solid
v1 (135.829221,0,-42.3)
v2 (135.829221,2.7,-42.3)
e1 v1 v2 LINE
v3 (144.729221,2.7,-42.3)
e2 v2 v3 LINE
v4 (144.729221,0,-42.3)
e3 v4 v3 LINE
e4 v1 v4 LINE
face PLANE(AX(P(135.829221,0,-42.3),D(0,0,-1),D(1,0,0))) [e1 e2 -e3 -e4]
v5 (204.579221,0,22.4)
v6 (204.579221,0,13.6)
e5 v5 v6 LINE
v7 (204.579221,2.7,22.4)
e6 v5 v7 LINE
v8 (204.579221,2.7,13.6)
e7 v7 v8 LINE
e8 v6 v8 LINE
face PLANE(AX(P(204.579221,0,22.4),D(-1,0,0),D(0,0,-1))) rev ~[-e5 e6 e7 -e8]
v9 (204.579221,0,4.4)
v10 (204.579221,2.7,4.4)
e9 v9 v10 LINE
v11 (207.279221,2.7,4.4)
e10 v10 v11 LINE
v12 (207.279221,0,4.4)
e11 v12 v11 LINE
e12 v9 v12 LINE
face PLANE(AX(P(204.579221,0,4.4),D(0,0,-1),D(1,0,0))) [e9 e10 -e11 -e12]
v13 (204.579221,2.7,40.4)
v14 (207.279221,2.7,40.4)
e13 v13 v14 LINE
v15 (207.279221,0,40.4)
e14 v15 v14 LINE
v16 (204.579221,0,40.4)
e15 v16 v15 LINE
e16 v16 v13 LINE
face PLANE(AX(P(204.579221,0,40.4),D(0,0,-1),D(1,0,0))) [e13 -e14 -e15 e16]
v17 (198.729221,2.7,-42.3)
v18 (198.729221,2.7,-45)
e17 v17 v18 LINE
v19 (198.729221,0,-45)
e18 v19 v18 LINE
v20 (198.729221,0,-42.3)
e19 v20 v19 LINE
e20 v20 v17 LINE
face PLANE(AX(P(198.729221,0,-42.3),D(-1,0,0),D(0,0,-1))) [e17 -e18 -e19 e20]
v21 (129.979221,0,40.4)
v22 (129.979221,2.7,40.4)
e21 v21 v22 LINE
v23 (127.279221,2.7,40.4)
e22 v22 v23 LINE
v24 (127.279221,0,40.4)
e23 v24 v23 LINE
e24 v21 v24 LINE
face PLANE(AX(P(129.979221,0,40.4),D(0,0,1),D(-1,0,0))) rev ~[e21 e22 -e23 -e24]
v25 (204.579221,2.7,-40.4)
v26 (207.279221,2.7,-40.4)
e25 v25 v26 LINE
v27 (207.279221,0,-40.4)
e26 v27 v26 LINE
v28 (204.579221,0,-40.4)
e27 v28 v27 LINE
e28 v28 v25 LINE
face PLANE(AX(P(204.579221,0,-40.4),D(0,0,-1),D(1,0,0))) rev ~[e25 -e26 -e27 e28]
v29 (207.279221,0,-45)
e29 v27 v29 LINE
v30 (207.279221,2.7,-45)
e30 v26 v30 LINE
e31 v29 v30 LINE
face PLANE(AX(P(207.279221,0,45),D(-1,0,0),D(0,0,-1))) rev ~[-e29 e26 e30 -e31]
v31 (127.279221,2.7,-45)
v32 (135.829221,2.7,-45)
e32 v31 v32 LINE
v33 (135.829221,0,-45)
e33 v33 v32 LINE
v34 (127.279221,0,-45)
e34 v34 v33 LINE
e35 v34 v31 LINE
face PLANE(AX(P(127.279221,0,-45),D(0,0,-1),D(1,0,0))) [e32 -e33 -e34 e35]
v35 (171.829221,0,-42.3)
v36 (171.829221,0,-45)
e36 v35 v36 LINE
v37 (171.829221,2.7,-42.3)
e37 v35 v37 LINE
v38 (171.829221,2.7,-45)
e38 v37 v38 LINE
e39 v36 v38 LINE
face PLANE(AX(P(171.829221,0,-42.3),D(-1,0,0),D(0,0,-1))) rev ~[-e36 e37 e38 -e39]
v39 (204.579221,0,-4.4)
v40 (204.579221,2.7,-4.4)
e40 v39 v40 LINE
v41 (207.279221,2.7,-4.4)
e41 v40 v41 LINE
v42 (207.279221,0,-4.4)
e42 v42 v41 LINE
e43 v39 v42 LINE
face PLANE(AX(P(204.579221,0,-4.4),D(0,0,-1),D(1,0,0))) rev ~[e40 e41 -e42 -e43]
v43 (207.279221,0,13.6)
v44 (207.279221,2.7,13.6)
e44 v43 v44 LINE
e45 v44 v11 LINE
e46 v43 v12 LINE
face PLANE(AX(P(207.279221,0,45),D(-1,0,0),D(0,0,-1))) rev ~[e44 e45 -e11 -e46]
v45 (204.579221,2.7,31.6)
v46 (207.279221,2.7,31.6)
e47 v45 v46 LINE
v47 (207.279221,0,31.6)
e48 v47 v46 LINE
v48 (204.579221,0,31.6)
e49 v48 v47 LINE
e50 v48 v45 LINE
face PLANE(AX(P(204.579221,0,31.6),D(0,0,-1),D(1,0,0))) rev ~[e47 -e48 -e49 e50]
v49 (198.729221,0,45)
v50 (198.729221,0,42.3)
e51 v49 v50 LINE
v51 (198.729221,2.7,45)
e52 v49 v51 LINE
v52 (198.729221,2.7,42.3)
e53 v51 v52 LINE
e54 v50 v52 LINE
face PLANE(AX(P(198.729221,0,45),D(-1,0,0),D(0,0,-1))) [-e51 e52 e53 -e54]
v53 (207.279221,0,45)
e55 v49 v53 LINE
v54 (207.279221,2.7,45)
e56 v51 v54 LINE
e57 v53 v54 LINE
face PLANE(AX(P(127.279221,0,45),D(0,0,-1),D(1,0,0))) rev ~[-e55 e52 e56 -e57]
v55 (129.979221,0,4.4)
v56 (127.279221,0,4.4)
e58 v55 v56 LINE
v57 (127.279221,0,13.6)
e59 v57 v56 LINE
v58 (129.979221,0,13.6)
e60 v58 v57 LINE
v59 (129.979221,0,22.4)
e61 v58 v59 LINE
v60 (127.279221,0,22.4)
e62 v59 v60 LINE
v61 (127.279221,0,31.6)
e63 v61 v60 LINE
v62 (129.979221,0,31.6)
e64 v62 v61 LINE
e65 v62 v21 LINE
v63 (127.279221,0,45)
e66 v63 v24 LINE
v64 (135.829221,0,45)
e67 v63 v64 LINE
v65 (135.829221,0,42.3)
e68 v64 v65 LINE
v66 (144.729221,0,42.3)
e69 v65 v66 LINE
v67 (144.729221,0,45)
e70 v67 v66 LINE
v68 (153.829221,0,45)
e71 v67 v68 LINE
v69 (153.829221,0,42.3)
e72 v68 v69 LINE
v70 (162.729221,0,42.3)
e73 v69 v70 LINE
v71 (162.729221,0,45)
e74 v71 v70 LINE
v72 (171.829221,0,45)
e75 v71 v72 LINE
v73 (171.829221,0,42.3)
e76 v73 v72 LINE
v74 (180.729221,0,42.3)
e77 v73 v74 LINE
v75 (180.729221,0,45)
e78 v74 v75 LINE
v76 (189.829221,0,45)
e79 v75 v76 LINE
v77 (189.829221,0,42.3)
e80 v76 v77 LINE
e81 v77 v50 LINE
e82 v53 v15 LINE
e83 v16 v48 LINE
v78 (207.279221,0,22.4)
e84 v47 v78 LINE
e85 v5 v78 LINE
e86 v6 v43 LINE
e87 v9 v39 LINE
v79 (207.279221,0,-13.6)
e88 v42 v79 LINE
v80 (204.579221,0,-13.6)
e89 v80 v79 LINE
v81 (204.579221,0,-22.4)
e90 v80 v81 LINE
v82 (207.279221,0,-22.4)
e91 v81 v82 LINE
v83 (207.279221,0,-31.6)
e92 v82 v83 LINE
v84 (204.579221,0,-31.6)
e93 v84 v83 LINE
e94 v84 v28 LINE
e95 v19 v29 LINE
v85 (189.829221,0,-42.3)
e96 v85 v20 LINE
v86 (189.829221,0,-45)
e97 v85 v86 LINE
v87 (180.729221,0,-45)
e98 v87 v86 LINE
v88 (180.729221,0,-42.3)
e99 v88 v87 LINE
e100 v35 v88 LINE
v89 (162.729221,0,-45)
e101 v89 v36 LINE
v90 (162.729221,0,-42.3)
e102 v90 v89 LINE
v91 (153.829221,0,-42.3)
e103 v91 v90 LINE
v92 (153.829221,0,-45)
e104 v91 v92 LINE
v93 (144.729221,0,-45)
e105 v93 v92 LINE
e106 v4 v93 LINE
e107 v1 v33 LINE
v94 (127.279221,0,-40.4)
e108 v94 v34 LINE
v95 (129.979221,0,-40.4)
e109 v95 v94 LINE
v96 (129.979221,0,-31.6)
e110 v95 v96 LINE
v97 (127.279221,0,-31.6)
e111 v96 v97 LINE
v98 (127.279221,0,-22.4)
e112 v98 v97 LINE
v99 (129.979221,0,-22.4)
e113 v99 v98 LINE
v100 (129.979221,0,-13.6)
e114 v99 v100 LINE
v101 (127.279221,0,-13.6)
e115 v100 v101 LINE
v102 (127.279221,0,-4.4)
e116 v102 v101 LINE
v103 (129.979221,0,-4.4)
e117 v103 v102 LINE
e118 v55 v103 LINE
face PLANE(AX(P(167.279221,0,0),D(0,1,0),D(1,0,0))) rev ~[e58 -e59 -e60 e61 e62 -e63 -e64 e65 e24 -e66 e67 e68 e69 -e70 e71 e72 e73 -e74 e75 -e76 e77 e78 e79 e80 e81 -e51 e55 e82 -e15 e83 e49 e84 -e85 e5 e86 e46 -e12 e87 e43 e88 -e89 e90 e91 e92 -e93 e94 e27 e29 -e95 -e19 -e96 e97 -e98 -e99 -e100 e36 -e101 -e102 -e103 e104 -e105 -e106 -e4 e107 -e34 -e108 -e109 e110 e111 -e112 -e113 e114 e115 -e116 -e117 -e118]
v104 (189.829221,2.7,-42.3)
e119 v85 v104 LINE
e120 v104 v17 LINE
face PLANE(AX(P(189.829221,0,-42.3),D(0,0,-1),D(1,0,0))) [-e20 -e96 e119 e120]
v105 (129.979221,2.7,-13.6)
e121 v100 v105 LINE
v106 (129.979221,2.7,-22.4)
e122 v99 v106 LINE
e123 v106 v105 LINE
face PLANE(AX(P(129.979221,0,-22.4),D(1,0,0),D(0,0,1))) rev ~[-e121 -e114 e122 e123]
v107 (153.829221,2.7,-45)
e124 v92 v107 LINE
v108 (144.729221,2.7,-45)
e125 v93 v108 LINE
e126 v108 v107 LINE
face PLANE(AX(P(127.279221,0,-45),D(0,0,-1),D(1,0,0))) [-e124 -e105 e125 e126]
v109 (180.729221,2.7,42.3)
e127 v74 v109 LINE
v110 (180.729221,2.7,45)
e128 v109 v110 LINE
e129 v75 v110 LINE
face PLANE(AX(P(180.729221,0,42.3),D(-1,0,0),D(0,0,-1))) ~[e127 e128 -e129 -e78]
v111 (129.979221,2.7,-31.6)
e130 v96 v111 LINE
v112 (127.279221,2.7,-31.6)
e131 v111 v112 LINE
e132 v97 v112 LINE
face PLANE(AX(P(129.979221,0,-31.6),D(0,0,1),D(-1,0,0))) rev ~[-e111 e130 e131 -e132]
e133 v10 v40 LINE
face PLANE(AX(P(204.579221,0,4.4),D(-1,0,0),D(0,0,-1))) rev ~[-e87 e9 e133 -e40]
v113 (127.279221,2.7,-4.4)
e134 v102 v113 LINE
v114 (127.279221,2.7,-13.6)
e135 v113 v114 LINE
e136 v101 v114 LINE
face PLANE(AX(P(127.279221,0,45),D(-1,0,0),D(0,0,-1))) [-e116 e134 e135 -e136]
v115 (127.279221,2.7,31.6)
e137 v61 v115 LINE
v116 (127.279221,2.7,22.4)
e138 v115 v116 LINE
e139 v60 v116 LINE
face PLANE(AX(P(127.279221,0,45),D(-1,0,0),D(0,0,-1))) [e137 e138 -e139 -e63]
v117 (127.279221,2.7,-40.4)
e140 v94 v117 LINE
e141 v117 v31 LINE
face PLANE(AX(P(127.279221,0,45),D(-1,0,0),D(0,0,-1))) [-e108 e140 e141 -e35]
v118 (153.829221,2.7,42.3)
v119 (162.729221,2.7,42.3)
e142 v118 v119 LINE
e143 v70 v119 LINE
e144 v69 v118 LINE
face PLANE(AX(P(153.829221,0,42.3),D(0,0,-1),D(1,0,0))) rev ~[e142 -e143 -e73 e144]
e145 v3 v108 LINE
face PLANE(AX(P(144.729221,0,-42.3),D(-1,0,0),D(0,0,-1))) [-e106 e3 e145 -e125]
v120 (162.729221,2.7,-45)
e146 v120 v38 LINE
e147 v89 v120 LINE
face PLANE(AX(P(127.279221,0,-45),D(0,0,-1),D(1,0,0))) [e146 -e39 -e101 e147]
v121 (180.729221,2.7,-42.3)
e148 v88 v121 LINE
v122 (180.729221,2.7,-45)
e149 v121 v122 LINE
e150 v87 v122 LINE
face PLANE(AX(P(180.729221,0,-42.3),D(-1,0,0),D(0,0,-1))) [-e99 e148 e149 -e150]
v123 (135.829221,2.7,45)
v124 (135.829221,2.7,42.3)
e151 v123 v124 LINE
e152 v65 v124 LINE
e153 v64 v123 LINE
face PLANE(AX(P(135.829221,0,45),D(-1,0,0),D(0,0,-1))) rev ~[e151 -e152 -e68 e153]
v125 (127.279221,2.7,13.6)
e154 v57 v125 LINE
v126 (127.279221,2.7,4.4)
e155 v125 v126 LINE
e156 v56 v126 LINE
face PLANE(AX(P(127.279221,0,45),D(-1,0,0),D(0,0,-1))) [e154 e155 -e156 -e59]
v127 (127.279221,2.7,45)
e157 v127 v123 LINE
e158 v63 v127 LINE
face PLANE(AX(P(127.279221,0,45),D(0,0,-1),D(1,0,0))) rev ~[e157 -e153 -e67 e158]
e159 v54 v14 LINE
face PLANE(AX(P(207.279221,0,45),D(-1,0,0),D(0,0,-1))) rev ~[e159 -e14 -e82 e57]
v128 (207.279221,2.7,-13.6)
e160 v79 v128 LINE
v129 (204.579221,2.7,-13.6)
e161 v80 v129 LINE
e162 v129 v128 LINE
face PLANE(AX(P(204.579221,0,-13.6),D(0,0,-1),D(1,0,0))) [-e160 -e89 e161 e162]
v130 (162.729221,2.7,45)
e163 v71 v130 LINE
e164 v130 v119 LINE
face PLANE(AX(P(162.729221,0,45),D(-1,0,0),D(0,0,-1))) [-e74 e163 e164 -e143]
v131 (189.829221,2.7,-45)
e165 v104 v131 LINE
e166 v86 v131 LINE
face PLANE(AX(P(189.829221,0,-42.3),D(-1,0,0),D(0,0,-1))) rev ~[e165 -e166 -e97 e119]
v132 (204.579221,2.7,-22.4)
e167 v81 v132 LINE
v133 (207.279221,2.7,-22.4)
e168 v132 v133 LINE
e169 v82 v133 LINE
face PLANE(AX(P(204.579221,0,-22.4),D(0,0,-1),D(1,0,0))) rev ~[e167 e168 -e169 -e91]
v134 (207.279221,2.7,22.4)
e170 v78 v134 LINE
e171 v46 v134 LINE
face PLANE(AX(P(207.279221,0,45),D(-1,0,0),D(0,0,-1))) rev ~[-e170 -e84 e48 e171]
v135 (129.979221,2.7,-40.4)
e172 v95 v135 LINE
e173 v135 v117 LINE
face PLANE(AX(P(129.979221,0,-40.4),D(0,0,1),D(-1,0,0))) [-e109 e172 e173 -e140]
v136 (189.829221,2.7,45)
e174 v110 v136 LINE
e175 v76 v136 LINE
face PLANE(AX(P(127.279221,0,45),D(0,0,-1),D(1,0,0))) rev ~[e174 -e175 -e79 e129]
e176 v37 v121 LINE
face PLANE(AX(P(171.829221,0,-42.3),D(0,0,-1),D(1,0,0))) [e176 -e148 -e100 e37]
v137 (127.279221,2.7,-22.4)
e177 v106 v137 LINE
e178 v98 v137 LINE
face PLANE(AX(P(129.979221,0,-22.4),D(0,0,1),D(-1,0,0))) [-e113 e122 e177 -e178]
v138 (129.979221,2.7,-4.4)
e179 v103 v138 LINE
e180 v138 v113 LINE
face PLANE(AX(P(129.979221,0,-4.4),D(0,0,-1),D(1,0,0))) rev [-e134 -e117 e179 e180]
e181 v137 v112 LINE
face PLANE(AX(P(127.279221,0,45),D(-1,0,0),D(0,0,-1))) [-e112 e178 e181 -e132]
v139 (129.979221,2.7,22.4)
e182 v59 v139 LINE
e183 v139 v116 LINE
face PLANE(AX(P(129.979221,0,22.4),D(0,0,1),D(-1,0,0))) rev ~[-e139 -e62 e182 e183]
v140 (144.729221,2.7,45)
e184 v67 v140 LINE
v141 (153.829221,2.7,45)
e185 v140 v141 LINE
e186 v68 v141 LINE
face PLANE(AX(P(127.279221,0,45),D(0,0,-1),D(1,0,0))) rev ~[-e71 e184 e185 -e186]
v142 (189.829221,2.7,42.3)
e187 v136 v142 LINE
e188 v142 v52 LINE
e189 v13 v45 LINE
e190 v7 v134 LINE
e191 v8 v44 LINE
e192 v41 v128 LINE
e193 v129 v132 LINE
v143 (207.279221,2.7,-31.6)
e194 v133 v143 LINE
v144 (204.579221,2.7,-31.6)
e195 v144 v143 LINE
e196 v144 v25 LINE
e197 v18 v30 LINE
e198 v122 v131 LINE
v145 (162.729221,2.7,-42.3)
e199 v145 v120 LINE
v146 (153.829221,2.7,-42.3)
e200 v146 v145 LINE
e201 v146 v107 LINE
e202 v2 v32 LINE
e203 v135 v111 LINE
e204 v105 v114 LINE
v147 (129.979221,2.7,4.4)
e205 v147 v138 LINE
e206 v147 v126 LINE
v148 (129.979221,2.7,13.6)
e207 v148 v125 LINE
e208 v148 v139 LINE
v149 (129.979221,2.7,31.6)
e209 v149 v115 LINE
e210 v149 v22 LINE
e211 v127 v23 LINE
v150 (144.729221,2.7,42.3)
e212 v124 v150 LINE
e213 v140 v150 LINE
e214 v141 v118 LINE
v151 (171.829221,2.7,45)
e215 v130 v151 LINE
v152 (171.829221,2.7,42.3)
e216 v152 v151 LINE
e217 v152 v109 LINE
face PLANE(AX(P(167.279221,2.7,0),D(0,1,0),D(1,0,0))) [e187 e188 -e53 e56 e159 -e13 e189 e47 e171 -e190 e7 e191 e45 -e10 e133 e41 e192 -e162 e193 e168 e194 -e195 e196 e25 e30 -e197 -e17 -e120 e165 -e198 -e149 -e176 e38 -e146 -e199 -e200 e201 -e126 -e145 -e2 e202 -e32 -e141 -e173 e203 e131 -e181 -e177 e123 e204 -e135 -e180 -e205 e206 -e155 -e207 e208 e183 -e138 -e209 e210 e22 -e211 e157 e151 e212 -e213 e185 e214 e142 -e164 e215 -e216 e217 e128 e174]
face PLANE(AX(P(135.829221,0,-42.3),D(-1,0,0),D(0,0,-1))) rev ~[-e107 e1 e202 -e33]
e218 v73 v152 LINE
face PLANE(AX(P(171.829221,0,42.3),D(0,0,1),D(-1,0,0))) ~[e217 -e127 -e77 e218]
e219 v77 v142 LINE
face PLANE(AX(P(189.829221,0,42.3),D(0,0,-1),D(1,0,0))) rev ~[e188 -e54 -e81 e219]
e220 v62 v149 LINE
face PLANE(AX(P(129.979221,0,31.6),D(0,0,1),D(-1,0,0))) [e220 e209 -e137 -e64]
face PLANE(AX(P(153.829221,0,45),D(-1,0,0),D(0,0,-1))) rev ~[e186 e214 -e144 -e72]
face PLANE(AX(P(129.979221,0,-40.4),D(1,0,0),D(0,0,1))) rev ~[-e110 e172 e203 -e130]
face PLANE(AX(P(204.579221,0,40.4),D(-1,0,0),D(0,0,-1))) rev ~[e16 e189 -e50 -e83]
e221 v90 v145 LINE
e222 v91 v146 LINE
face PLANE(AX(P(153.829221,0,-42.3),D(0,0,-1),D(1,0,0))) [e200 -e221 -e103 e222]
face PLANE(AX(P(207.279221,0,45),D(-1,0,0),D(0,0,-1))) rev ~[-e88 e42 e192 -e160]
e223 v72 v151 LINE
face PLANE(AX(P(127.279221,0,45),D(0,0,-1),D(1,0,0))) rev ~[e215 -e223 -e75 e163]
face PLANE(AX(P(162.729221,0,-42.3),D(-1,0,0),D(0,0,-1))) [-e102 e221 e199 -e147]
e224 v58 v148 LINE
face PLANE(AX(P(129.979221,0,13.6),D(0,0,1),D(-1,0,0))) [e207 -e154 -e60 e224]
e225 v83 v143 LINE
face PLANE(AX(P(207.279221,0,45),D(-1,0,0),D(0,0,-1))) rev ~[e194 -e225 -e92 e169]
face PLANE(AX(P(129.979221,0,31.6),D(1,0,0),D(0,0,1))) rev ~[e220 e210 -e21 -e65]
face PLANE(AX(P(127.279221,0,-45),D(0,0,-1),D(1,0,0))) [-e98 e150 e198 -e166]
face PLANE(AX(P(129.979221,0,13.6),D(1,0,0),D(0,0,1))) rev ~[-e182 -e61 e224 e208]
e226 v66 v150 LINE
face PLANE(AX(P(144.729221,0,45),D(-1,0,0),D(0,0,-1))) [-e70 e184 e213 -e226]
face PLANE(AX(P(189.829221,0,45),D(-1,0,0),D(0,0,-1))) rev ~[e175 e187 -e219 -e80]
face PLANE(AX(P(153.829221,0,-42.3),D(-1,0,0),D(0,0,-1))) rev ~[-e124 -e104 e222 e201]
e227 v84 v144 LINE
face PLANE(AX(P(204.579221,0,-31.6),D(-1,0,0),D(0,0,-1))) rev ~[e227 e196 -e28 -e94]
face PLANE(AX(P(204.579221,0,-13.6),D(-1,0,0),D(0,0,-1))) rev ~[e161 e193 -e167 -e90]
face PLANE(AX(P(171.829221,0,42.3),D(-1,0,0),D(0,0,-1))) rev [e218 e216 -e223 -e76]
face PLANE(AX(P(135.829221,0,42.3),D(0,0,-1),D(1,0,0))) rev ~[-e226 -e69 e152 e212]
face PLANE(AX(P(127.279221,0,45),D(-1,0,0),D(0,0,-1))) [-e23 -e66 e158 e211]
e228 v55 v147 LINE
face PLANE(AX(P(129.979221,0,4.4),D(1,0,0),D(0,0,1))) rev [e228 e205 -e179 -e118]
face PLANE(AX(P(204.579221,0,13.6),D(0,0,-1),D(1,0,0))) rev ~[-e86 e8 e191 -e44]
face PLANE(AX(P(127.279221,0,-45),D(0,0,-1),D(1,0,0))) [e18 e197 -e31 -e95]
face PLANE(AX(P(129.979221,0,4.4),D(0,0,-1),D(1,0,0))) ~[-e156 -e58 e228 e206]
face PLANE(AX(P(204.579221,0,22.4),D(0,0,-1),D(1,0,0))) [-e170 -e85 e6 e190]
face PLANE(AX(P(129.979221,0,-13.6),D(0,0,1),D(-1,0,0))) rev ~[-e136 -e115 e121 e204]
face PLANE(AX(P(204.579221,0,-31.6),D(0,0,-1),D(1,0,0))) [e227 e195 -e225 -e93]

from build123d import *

# Parameters (mm, degrees)
ESQUISSE1_W                    = 80
ESQUISSE1_H                    = 90
BOSS_EXTRU_1_DEPTH             = 2.7
ESQUISSE2_W                    = 2.7
ESQUISSE2_H                    = 8.8
ENL_V_MAT_EXTRU_1_DEPTH        = 2.7
R_P_TITION_LIN_AIRE1_COUNT     = 3
R_P_TITION_LIN_AIRE1_PITCH     = 18
R_P_TITION_LIN_AIRE1_COL_COUNT = 3
R_P_TITION_LIN_AIRE1_COL_PITCH = 18
SYM_TRIE1_COPY_1_SKETCH_W      = 2.7
SYM_TRIE1_COPY_1_SKETCH_H      = 8.8
SYM_TRIE1_COPY_1_DEPTH         = 2.7
SYM_TRIE1_COPY_2_SKETCH_W      = 2.7
SYM_TRIE1_COPY_2_SKETCH_H      = 8.8
SYM_TRIE1_COPY_2_DEPTH         = 2.7
SYM_TRIE1_COPY_3_SKETCH_W      = 2.7
SYM_TRIE1_COPY_3_SKETCH_H      = 8.8
SYM_TRIE1_COPY_3_DEPTH         = 2.7
SYM_TRIE1_COPY_4_SKETCH_W      = 2.7
SYM_TRIE1_COPY_4_SKETCH_H      = 8.8
SYM_TRIE1_COPY_4_DEPTH         = 2.7
ESQUISSE3_W                    = 8.9
ESQUISSE3_H                    = 2.7
ENL_V_MAT_EXTRU_2_DEPTH        = 2.7
R_P_TITION_LIN_AIRE2_COUNT     = 2
R_P_TITION_LIN_AIRE2_PITCH     = 18
R_P_TITION_LIN_AIRE2_COL_COUNT = 3
R_P_TITION_LIN_AIRE2_COL_PITCH = 18
SYM_TRIE2_COPY_1_SKETCH_W      = 8.9
SYM_TRIE2_COPY_1_SKETCH_H      = 2.7
SYM_TRIE2_COPY_1_DEPTH         = 2.7
SYM_TRIE2_COPY_2_SKETCH_W      = 8.9
SYM_TRIE2_COPY_2_SKETCH_H      = 2.7
SYM_TRIE2_COPY_2_DEPTH         = 2.7
SYM_TRIE2_COPY_3_SKETCH_W      = 8.9
SYM_TRIE2_COPY_3_SKETCH_H      = 2.7
SYM_TRIE2_COPY_3_DEPTH         = 2.7


with BuildPart() as part:
    # Esquisse1 → Boss.-Extru.1 (new body)
    with BuildSketch(Plane(origin=(0, 0, 0), x_dir=(1, 0, 0), z_dir=(0, 1, 0))):
        with Locations((167.279220614, 0)):
            Rectangle(ESQUISSE1_W, ESQUISSE1_H)
    extrude(amount=BOSS_EXTRU_1_DEPTH)

    # Esquisse2 → Enlèv. mat.-Extru.1 (cut)
    with BuildSketch(Plane(origin=(0, 0, 0), x_dir=(1, 0, 0), z_dir=(0, 1, 0))):
        with Locations((205.929220614, 0)):
            Rectangle(ESQUISSE2_W, ESQUISSE2_H)
    enl_v_mat_extru_1 = extrude(amount=ENL_V_MAT_EXTRU_1_DEPTH, mode=Mode.SUBTRACT)

    # Répétition linéaire1: Enlèv. mat.-Extru.1 ×3
    with Locations(*[(0, 0, i * R_P_TITION_LIN_AIRE1_PITCH) for i in range(1, R_P_TITION_LIN_AIRE1_COUNT)]):
        add(enl_v_mat_extru_1, mode=Mode.SUBTRACT)

    # Répétition linéaire1 col: Enlèv. mat.-Extru.1 ×3
    with Locations(*[(0, 0, -i * R_P_TITION_LIN_AIRE1_COL_PITCH) for i in range(1, R_P_TITION_LIN_AIRE1_COL_COUNT)]):
        add(enl_v_mat_extru_1, mode=Mode.SUBTRACT)

    # Symétrie1: Enlèv. mat.-Extru.1 across plane
    add(enl_v_mat_extru_1.mirror(Plane(origin=(167.279220614, 0, 0), x_dir=(0, 0, 1), z_dir=(1, 0, 0))), mode=Mode.SUBTRACT)

    # Symétrie1 copy 1 sketch → Symétrie1 copy 1 (cut)
    with BuildSketch(Plane(origin=(334.558441227, 0, 18), x_dir=(-1, 0, 0), z_dir=(0, 1, 0))):
        with Locations((205.929220614, 0)):
            Rectangle(SYM_TRIE1_COPY_1_SKETCH_W, SYM_TRIE1_COPY_1_SKETCH_H)
    extrude(amount=SYM_TRIE1_COPY_1_DEPTH, mode=Mode.SUBTRACT)

    # Symétrie1 copy 2 sketch → Symétrie1 copy 2 (cut)
    with BuildSketch(Plane(origin=(334.558441227, 0, 36), x_dir=(-1, 0, 0), z_dir=(0, 1, 0))):
        with Locations((205.929220614, 0)):
            Rectangle(SYM_TRIE1_COPY_2_SKETCH_W, SYM_TRIE1_COPY_2_SKETCH_H)
    extrude(amount=SYM_TRIE1_COPY_2_DEPTH, mode=Mode.SUBTRACT)

    # Symétrie1 copy 3 sketch → Symétrie1 copy 3 (cut)
    with BuildSketch(Plane(origin=(334.558441227, 0, -18), x_dir=(-1, 0, 0), z_dir=(0, 1, 0))):
        with Locations((205.929220614, 0)):
            Rectangle(SYM_TRIE1_COPY_3_SKETCH_W, SYM_TRIE1_COPY_3_SKETCH_H)
    extrude(amount=SYM_TRIE1_COPY_3_DEPTH, mode=Mode.SUBTRACT)

    # Symétrie1 copy 4 sketch → Symétrie1 copy 4 (cut)
    with BuildSketch(Plane(origin=(334.558441227, 0, -36), x_dir=(-1, 0, 0), z_dir=(0, 1, 0))):
        with Locations((205.929220614, 0)):
            Rectangle(SYM_TRIE1_COPY_4_SKETCH_W, SYM_TRIE1_COPY_4_SKETCH_H)
    extrude(amount=SYM_TRIE1_COPY_4_DEPTH, mode=Mode.SUBTRACT)

    # Esquisse3 → Enlèv. mat.-Extru.2 (cut)
    with BuildSketch(Plane(origin=(0, 0, 0), x_dir=(1, 0, 0), z_dir=(0, 1, 0))):
        with Locations((176.279220614, 43.65)):
            Rectangle(ESQUISSE3_W, ESQUISSE3_H)
    enl_v_mat_extru_2 = extrude(amount=ENL_V_MAT_EXTRU_2_DEPTH, mode=Mode.SUBTRACT)

    # Répétition linéaire2: Enlèv. mat.-Extru.2 ×2
    with Locations(*[(i * R_P_TITION_LIN_AIRE2_PITCH, 0, 0) for i in range(1, R_P_TITION_LIN_AIRE2_COUNT)]):
        add(enl_v_mat_extru_2, mode=Mode.SUBTRACT)

    # Répétition linéaire2 col: Enlèv. mat.-Extru.2 ×3
    with Locations(*[(-i * R_P_TITION_LIN_AIRE2_COL_PITCH, 0, 0) for i in range(1, R_P_TITION_LIN_AIRE2_COL_COUNT)]):
        add(enl_v_mat_extru_2, mode=Mode.SUBTRACT)

    # Symétrie2: Enlèv. mat.-Extru.2 across plane
    add(enl_v_mat_extru_2.mirror(Plane.XY), mode=Mode.SUBTRACT)

    # Symétrie2 copy 1 sketch → Symétrie2 copy 1 (cut)
    with BuildSketch(Plane(origin=(18, 0, 0), x_dir=(1, 0, 0), z_dir=(0, 1, 0))):
        with Locations((176.279220614, -43.65)):
            Rectangle(SYM_TRIE2_COPY_1_SKETCH_W, SYM_TRIE2_COPY_1_SKETCH_H)
    extrude(amount=SYM_TRIE2_COPY_1_DEPTH, mode=Mode.SUBTRACT)

    # Symétrie2 copy 2 sketch → Symétrie2 copy 2 (cut)
    with BuildSketch(Plane(origin=(-18, 0, 0), x_dir=(1, 0, 0), z_dir=(0, 1, 0))):
        with Locations((176.279220614, -43.65)):
            Rectangle(SYM_TRIE2_COPY_2_SKETCH_W, SYM_TRIE2_COPY_2_SKETCH_H)
    extrude(amount=SYM_TRIE2_COPY_2_DEPTH, mode=Mode.SUBTRACT)

    # Symétrie2 copy 3 sketch → Symétrie2 copy 3 (cut)
    with BuildSketch(Plane(origin=(-36, 0, 0), x_dir=(1, 0, 0), z_dir=(0, 1, 0))):
        with Locations((176.279220614, -43.65)):
            Rectangle(SYM_TRIE2_COPY_3_SKETCH_W, SYM_TRIE2_COPY_3_SKETCH_H)
    extrude(amount=SYM_TRIE2_COPY_3_DEPTH, mode=Mode.SUBTRACT)


solid = part.part
